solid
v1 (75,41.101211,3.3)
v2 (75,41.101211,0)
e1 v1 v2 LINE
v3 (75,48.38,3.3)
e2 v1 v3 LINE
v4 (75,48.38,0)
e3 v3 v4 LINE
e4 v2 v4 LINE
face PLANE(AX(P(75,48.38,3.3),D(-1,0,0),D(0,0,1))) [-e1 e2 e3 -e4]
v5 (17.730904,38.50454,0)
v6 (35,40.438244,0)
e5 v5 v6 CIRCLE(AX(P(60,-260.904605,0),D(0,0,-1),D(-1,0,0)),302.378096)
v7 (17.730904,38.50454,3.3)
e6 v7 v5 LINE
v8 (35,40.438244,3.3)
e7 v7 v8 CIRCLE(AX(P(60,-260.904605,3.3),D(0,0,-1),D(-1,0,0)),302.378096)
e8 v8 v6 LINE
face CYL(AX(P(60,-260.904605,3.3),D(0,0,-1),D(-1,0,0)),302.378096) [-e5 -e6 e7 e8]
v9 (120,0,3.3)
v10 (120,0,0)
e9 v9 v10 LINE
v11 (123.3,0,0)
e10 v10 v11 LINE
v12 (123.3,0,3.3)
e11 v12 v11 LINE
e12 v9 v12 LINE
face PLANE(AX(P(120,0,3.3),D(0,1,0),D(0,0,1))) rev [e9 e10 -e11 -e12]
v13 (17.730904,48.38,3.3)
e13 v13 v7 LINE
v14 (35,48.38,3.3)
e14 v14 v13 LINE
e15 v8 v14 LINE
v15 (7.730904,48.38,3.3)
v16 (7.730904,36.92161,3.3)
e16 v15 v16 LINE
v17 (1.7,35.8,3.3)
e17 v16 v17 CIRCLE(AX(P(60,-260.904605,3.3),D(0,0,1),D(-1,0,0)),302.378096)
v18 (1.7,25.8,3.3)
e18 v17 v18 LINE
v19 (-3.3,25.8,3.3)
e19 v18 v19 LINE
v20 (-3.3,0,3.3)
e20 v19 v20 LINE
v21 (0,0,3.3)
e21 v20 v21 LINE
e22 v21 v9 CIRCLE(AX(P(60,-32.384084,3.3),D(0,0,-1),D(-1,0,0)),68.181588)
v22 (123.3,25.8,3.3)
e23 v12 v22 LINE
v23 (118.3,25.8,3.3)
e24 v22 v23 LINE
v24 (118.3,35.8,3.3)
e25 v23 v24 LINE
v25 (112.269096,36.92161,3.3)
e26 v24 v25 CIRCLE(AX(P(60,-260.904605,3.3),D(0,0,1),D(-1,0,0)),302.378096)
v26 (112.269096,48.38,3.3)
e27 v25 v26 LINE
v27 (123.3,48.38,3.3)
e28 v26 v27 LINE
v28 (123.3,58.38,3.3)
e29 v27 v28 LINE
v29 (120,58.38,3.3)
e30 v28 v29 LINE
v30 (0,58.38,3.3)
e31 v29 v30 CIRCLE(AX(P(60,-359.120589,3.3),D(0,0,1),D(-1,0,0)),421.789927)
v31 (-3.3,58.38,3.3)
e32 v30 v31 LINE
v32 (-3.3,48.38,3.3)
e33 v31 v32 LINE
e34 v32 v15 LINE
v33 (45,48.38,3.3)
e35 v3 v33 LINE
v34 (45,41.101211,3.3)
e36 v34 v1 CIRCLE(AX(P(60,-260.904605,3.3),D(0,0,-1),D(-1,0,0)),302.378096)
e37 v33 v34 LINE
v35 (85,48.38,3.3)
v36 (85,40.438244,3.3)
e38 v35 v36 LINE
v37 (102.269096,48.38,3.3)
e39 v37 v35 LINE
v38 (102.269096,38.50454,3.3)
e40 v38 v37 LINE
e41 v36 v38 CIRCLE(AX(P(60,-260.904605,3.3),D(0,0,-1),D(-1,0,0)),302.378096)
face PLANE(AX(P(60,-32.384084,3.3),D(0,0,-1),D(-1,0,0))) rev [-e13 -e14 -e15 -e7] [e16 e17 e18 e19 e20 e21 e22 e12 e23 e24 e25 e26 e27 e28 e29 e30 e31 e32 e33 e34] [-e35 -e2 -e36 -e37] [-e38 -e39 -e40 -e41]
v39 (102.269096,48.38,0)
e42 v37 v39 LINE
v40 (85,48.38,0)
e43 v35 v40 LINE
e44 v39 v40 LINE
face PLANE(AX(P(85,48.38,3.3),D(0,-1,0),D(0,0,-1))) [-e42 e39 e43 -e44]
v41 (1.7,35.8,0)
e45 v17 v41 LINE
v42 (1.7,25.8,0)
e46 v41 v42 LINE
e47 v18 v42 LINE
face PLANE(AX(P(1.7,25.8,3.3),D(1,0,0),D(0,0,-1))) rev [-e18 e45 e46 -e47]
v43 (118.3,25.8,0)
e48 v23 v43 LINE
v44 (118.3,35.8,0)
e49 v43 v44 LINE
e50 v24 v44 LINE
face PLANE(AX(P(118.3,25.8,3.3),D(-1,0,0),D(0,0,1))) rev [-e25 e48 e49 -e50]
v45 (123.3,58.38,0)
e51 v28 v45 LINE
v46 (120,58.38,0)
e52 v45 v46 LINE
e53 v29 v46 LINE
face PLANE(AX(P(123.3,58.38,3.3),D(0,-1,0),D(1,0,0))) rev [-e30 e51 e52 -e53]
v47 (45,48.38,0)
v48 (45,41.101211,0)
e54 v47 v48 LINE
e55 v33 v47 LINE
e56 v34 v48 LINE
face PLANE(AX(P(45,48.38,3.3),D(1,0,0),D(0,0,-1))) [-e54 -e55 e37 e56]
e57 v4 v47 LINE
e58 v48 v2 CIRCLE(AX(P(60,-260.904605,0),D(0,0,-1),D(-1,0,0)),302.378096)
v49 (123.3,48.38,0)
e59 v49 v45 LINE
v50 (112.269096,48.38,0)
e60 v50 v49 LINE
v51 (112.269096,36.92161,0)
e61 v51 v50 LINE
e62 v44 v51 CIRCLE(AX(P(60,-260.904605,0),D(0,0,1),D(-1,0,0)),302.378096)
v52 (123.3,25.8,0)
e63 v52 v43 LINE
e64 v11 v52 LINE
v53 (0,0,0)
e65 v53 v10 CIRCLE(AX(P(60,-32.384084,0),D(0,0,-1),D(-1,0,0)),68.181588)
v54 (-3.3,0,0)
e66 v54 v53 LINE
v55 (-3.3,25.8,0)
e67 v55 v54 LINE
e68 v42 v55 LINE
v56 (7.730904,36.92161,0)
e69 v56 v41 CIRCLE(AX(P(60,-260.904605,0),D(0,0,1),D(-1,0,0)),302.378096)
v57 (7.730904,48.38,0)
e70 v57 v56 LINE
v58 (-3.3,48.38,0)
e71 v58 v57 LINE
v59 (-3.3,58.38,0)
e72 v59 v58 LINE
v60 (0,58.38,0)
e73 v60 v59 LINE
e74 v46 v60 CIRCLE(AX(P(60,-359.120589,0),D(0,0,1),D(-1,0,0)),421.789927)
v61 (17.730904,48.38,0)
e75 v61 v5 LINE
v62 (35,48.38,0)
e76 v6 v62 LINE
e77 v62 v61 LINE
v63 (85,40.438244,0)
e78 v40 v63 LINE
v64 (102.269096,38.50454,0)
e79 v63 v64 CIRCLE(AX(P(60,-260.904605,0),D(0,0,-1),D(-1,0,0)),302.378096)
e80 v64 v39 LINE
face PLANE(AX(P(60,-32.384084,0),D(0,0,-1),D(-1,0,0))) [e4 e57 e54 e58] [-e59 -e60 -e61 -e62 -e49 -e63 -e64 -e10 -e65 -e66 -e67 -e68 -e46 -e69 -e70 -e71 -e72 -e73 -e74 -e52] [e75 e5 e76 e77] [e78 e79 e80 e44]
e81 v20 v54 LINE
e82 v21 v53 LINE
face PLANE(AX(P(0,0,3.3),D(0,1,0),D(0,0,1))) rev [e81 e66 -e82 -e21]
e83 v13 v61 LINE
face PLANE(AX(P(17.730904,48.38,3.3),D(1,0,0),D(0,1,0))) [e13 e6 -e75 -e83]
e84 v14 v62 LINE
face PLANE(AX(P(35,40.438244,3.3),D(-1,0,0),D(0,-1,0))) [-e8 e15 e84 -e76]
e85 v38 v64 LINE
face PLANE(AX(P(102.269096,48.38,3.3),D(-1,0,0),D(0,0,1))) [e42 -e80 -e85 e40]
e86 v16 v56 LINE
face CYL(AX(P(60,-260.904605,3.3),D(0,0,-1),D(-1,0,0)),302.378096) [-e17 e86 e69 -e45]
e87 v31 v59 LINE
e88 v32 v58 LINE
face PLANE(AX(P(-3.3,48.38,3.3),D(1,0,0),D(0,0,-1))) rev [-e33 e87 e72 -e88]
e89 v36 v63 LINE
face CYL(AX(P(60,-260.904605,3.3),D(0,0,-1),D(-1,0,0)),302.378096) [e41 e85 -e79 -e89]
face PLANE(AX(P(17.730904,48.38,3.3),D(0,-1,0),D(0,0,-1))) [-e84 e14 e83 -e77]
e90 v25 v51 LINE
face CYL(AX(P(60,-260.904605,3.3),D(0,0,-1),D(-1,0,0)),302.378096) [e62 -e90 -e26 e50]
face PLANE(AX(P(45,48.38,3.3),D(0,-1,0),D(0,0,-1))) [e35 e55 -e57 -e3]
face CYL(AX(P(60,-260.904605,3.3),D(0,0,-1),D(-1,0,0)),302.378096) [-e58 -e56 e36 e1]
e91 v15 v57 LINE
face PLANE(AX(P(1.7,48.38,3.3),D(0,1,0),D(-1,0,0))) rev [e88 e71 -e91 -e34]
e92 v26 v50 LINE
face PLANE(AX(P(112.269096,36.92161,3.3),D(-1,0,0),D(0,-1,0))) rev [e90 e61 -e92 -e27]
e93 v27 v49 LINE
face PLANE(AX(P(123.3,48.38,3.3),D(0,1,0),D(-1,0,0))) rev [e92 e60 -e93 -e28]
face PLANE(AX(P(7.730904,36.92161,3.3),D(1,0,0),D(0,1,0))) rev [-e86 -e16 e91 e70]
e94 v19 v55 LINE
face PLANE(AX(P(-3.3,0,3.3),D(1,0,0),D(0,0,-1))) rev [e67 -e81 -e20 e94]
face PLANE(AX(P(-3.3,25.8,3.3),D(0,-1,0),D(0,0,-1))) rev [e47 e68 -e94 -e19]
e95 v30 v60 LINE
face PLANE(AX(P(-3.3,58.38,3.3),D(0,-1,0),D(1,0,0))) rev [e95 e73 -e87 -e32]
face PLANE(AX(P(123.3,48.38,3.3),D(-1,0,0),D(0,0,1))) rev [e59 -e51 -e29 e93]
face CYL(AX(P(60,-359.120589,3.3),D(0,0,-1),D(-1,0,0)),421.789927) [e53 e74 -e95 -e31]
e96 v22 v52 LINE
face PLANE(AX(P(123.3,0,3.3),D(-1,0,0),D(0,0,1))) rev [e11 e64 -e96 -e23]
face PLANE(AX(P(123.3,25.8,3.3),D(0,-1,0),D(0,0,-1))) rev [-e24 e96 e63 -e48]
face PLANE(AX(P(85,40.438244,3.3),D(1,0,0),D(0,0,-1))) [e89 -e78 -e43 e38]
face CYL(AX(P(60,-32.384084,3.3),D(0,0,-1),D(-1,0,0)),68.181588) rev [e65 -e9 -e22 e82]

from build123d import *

# Parameters (mm, degrees)
SALIENTE_EXTRUIR1_DEPTH = 3.3


with BuildPart() as part:
    # Croquis1 → Saliente-Extruir1 (new body)
    with BuildSketch(Plane.XY):
        with BuildLine():
            Line((1.7, 25.8), (1.7, 35.8))
            ThreePointArc((1.7, 35.8), (4.712607831, 36.376098873), (7.730904305, 36.921609869))
            Line((7.730904305, 36.921609869), (7.730904305, 48.38))
            Line((7.730904305, 48.38), (1.7, 48.38))
            Line((1.7, 48.38), (-3.3, 48.38))
            Line((-3.3, 48.38), (-3.3, 58.38))
            Line((-3.3, 58.38), (0, 58.38))
            ThreePointArc((0, 58.38), (60, 62.669337163), (120, 58.38))
            Line((120, 58.38), (123.3, 58.38))
            Line((123.3, 58.38), (123.3, 48.38))
            Line((123.3, 48.38), (118.3, 48.38))
            Line((118.3, 48.38), (112.269095695, 48.38))
            Line((112.269095695, 48.38), (112.269095695, 36.921609869))
            ThreePointArc((112.269095695, 36.921609869), (115.287392169, 36.376098873), (118.3, 35.8))
            Line((118.3, 35.8), (118.3, 25.8))
            Line((118.3, 25.8), (123.3, 25.8))
            Line((123.3, 25.8), (123.3, 0))
            Line((123.3, 0), (120, 0))
            ThreePointArc((120, 0), (60, 35.797503597), (0, 0))
            Line((0, 0), (-3.3, 0))
            Line((-3.3, 0), (-3.3, 25.8))
            Line((-3.3, 25.8), (1.7, 25.8))
        make_face()
        with BuildLine():
            Line((17.730904305, 48.38), (17.730904305, 38.504540112))
            ThreePointArc((17.730904305, 38.504540112), (26.351558557, 39.595469902), (35, 40.438243974))
            Line((35, 40.438243974), (35, 48.38))
            Line((35, 48.38), (17.730904305, 48.38))
        make_face(mode=Mode.SUBTRACT)
        with BuildLine():
            Line((45, 48.38), (45, 41.101210552))
            ThreePointArc((45, 41.101210552), (60, 41.473490482), (75, 41.101210552))
            Line((75, 41.101210552), (75, 48.38))
            Line((75, 48.38), (45, 48.38))
        make_face(mode=Mode.SUBTRACT)
        with BuildLine():
            Line((85, 40.438243974), (85, 48.38))
            Line((85, 48.38), (102.269095695, 48.38))
            Line((102.269095695, 48.38), (102.269095695, 38.504540112))
            ThreePointArc((102.269095695, 38.504540112), (93.648441443, 39.595469902), (85, 40.438243974))
        make_face(mode=Mode.SUBTRACT)
    extrude(amount=SALIENTE_EXTRUIR1_DEPTH)


solid = part.part
